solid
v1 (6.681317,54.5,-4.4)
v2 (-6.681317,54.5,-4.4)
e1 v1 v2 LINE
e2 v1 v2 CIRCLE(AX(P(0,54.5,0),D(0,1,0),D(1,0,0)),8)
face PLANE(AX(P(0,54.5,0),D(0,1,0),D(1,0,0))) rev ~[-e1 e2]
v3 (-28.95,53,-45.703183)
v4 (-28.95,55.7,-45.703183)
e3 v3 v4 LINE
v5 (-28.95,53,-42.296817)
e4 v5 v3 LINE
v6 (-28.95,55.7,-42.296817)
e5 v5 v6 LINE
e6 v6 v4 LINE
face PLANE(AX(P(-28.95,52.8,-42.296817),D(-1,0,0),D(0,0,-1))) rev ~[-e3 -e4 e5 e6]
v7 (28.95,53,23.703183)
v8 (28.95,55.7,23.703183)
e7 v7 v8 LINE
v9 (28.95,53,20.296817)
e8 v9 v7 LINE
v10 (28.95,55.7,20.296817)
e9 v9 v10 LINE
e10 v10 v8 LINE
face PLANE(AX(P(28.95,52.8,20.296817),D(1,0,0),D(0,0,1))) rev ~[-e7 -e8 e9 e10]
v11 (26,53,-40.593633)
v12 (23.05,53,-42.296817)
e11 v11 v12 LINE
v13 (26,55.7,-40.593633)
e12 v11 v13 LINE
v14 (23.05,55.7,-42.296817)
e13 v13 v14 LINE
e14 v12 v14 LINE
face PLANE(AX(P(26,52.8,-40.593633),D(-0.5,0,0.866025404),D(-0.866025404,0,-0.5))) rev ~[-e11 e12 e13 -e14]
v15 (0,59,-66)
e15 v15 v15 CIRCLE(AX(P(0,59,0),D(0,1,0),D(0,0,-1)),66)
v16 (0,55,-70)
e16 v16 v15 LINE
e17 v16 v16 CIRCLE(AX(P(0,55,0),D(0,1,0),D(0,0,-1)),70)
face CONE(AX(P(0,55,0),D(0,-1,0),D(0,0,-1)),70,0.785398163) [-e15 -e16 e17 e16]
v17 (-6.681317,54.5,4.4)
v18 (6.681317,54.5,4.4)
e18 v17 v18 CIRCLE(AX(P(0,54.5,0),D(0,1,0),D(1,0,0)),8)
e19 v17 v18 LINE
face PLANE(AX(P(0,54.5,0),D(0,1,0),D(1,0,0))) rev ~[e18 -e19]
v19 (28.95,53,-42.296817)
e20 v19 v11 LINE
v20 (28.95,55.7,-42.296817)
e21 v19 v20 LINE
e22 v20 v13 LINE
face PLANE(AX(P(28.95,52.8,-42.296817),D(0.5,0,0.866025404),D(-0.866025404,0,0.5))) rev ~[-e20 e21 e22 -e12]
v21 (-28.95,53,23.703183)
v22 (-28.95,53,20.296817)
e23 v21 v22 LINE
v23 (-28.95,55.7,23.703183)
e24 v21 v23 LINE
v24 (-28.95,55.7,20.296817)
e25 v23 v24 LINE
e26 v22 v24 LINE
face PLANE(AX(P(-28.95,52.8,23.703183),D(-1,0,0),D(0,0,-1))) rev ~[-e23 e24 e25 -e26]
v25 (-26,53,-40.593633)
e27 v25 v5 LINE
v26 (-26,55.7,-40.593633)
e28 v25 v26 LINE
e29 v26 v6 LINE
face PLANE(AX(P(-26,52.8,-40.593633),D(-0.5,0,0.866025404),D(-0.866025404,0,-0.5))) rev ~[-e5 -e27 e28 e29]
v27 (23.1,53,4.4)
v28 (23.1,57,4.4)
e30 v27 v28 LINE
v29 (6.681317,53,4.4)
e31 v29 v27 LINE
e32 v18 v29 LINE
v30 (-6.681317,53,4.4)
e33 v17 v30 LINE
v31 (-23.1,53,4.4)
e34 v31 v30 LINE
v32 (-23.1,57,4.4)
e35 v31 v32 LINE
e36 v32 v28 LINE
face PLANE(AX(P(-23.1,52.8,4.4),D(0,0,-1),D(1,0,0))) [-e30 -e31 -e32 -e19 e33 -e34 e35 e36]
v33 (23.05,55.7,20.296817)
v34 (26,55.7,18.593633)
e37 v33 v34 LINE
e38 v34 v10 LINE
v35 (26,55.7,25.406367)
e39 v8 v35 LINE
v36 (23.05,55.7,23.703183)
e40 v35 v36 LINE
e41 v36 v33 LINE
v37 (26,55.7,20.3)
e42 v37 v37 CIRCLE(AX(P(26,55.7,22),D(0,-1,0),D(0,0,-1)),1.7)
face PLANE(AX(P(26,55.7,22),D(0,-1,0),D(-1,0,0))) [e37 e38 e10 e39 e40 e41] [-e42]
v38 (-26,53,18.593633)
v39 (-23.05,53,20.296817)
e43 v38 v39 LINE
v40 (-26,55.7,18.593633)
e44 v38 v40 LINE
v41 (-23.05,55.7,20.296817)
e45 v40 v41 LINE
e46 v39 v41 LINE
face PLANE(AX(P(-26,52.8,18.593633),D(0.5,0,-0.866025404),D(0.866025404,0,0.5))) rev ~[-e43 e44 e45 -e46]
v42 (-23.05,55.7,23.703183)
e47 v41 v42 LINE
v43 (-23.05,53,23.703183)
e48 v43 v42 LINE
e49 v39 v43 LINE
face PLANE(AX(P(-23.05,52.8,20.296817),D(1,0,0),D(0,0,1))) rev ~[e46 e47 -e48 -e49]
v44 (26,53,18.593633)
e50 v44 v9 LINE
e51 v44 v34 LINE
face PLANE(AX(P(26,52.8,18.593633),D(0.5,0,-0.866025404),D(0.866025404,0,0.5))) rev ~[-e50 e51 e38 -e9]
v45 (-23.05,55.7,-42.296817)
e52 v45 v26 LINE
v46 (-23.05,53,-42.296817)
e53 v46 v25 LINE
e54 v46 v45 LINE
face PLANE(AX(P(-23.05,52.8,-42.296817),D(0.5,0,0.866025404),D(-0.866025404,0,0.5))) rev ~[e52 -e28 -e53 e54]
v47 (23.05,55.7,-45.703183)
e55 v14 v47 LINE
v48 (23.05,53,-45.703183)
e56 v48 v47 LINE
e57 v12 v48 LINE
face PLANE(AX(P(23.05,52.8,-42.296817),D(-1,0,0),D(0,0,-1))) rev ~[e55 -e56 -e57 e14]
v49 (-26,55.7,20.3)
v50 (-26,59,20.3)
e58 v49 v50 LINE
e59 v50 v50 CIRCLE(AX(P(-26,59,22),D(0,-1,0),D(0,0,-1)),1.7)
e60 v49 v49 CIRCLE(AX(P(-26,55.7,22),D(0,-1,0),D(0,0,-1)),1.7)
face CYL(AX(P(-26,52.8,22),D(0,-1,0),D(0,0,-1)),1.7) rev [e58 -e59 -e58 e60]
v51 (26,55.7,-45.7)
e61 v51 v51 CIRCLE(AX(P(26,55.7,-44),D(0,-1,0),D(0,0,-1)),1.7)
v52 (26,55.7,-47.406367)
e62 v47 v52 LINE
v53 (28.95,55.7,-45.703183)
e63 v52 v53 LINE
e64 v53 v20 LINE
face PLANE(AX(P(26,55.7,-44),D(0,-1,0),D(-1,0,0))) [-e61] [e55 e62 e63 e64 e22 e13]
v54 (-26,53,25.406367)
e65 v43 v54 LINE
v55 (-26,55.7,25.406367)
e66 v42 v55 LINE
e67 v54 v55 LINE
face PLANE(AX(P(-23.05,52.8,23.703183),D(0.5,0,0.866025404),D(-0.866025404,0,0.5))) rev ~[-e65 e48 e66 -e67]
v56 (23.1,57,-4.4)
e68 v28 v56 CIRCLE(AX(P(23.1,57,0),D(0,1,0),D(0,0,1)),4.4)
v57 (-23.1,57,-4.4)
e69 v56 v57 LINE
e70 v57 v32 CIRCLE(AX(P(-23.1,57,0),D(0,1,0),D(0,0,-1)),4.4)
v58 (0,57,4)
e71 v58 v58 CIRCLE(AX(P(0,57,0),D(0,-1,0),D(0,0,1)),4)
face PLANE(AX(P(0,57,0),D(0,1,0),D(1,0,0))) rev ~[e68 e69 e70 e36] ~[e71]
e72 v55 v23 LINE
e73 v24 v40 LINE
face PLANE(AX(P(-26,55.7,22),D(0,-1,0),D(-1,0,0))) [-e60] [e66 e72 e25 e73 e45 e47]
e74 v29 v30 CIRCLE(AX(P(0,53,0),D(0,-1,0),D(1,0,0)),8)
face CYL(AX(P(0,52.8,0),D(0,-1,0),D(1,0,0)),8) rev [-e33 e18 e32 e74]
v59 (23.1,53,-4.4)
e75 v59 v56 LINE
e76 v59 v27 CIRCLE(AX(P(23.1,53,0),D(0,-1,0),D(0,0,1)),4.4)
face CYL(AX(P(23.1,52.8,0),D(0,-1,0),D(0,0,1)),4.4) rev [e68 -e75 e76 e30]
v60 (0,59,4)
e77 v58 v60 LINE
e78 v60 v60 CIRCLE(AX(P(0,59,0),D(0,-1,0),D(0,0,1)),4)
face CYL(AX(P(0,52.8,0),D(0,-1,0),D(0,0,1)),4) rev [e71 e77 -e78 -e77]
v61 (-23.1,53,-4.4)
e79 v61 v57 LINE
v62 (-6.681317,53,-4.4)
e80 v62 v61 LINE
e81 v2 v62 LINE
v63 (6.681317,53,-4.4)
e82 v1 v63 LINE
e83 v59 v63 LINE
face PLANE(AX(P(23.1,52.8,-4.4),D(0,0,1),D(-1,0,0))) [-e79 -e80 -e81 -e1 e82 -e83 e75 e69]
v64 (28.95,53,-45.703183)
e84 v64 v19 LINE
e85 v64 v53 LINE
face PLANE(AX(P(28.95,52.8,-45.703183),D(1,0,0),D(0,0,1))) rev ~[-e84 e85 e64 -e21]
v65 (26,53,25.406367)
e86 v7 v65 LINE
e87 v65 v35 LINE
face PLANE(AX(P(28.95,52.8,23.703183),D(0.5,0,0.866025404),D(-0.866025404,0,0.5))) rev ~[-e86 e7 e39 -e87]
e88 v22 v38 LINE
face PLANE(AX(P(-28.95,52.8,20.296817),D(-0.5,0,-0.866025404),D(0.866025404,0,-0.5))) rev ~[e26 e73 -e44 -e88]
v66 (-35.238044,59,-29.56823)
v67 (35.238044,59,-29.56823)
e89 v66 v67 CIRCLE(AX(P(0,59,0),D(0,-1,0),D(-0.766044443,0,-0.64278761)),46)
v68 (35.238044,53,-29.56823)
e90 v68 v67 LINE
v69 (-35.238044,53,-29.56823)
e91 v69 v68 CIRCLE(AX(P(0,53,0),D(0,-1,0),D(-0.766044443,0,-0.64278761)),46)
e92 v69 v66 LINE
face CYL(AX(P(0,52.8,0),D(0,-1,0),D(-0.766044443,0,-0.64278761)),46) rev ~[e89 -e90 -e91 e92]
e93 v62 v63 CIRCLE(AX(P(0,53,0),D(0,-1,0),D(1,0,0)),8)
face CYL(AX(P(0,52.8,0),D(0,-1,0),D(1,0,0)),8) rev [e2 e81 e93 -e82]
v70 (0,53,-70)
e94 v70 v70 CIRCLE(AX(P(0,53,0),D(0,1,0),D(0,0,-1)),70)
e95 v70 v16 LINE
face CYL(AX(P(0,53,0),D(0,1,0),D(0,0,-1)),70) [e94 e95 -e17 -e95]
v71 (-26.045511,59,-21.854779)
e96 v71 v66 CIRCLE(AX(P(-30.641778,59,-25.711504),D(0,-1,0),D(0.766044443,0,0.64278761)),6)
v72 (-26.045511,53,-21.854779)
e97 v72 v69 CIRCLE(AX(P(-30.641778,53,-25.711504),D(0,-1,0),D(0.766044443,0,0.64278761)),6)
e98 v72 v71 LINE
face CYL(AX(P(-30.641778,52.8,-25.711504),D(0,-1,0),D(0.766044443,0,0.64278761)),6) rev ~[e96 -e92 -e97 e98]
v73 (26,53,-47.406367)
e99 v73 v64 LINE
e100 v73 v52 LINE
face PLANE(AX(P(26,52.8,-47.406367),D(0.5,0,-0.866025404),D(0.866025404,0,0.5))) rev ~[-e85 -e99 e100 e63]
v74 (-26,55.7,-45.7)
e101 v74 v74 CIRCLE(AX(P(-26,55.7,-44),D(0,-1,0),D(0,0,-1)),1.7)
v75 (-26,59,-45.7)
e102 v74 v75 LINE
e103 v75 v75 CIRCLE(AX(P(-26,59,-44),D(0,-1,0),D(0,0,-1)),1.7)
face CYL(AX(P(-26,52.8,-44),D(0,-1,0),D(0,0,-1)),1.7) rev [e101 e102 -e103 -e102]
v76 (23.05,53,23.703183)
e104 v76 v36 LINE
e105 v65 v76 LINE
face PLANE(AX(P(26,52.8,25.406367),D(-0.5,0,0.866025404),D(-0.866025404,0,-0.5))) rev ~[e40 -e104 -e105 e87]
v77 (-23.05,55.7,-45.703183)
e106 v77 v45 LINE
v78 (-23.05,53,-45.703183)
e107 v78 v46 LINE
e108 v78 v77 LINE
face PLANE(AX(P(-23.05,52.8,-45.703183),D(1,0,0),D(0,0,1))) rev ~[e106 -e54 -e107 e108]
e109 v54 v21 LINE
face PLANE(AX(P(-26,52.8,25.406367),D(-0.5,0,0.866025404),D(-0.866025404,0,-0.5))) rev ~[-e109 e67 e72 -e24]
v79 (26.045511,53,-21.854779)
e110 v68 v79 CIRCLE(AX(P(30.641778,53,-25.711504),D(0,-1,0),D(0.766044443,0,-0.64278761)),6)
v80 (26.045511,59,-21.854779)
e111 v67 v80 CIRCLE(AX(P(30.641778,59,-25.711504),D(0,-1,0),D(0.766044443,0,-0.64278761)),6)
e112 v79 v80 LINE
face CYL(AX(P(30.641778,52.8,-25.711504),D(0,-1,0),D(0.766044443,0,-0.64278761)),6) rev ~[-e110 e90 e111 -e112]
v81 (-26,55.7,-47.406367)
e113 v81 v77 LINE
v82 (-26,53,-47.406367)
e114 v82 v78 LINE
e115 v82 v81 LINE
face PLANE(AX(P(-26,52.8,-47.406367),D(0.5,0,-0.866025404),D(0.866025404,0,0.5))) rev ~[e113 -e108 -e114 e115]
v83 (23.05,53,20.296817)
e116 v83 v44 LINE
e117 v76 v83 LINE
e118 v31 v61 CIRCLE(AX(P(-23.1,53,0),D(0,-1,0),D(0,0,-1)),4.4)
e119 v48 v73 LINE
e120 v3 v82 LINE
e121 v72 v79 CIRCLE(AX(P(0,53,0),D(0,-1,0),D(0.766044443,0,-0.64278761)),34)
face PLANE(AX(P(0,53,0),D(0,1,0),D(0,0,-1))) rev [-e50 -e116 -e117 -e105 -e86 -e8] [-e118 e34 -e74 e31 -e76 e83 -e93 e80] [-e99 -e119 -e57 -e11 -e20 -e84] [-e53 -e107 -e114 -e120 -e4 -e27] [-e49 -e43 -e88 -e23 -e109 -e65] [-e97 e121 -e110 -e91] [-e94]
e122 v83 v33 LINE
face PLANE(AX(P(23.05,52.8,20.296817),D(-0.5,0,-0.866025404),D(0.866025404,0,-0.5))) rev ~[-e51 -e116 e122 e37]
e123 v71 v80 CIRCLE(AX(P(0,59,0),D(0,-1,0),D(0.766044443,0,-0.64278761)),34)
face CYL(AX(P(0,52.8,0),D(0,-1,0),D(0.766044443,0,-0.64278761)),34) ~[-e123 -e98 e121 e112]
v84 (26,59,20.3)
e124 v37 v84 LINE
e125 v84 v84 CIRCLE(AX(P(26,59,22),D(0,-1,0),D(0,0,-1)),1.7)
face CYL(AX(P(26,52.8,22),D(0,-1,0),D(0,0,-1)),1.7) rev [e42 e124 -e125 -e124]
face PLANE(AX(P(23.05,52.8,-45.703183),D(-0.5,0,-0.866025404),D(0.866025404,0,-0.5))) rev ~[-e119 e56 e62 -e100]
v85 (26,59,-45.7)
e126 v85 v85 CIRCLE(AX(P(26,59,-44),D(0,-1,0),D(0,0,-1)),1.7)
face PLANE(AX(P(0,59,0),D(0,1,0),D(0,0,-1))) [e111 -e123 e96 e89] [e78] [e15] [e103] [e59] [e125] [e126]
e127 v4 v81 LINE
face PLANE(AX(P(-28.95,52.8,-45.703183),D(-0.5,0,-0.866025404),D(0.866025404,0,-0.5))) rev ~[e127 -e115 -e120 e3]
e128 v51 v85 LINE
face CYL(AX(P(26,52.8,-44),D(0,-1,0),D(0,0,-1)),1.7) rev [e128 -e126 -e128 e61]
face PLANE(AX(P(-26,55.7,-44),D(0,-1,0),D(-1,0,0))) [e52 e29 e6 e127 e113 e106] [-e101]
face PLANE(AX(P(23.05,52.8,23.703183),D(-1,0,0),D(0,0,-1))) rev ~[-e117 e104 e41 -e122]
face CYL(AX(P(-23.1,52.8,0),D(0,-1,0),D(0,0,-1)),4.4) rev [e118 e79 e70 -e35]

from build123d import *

# Parameters (mm, degrees)
HORN_START                = 52.8
HORN_DOG_POCKET_DEPTH     = 4.2
HUB_START                 = 52.8
SKETCH3_R                 = 8
HUB_RELIEF_DEPTH          = 1.7
CENTRE_START              = 52.8
SKETCH4_R                 = 4
CENTRE_CABLE_KIDNEY_DEPTH = 6.4
TOWER_START               = 52.8
SKETCH5_R                 = 1.7
TOWER_BOLT_HOLES_DEPTH    = 6.4
TOWER_NUT_POCKETS_DEPTH   = 2.9


with BuildPart() as part:
    # Sketch1 → Turntable (revolve)
    with BuildSketch(Plane.XY, mode=Mode.PRIVATE) as turntable_sk:
        Polygon((0, 53), (70, 53), (70, 55), (66, 59), (0, 59), align=None)
    revolve(turntable_sk.sketch.rotate(Axis((0, 40, 0), (0, 1, 0)), 90), axis=Axis((0, 40, 0), (0, 1, 0)))

    # Sketch2 → Horn dog pocket (cut)
    with BuildSketch(Plane(origin=(0, 0, 0), x_dir=(1, 0, 0), z_dir=(0, 1, 0)).offset(HORN_START)):
        with BuildLine():
            Line((-23.1, -4.4), (23.1, -4.4))
            ThreePointArc((23.1, -4.4), (27.5, 0), (23.1, 4.4))
            Line((23.1, 4.4), (-23.1, 4.4))
            ThreePointArc((-23.1, 4.4), (-27.5, 0), (-23.1, -4.4))
        make_face()
    extrude(amount=HORN_DOG_POCKET_DEPTH, mode=Mode.SUBTRACT)

    # Sketch3 → Hub relief (cut)
    with BuildSketch(Plane(origin=(0, 0, 0), x_dir=(1, 0, 0), z_dir=(0, 1, 0)).offset(HUB_START)):
        Circle(SKETCH3_R)
    extrude(amount=HUB_RELIEF_DEPTH, mode=Mode.SUBTRACT)

    # Sketch4 → Centre + cable kidney (cut)
    with BuildSketch(Plane(origin=(0, 0, 0), x_dir=(1, 0, 0), z_dir=(0, 1, 0)).offset(CENTRE_START)):
        with Locations(Location((0, 0, 0), (0, 0, 270))):
            Circle(SKETCH4_R)
        with BuildLine():
            ThreePointArc((-35.238044383, 29.568230046), (0, 46), (35.238044383, 29.568230046))
            ThreePointArc((35.238044383, 29.568230046), (34.498503383, 21.115237729), (26.045511066, 21.854778729))
            ThreePointArc((26.045511066, 21.854778729), (0, 34), (-26.045511066, 21.854778729))
            ThreePointArc((-26.045511066, 21.854778729), (-34.498503383, 21.115237729), (-35.238044383, 29.568230046))
        make_face()
    extrude(amount=CENTRE_CABLE_KIDNEY_DEPTH, mode=Mode.SUBTRACT)

    # Sketch5 → Tower bolt holes (cut)
    with BuildSketch(Plane(origin=(0, 0, 0), x_dir=(1, 0, 0), z_dir=(0, 1, 0)).offset(TOWER_START)):
        with Locations(Location((-26, 44, 0), (0, 0, 90))):
            Circle(SKETCH5_R)
        with Locations(Location((-26, -22, 0), (0, 0, 90))):
            Circle(SKETCH5_R)
        with Locations(Location((26, 44, 0), (0, 0, 90))):
            Circle(SKETCH5_R)
        with Locations(Location((26, -22, 0), (0, 0, 90))):
            Circle(SKETCH5_R)
    extrude(amount=TOWER_BOLT_HOLES_DEPTH, mode=Mode.SUBTRACT)

    # Sketch6 → Tower nut pockets (cut)
    with BuildSketch(Plane(origin=(0, 0, 0), x_dir=(1, 0, 0), z_dir=(0, 1, 0)).offset(TOWER_START)):
        Polygon((-23.05, 42.296816706), (-26, 40.593633412), (-28.95, 42.296816706), (-28.95, 45.703183294), (-26, 47.406366588), (-23.05, 45.703183294), align=None)
        Polygon((-23.05, -23.703183294), (-26, -25.406366588), (-28.95, -23.703183294), (-28.95, -20.296816706), (-26, -18.593633412), (-23.05, -20.296816706), align=None)
        Polygon((28.95, 42.296816706), (26, 40.593633412), (23.05, 42.296816706), (23.05, 45.703183294), (26, 47.406366588), (28.95, 45.703183294), align=None)
        Polygon((28.95, -23.703183294), (26, -25.406366588), (23.05, -23.703183294), (23.05, -20.296816706), (26, -18.593633412), (28.95, -20.296816706), align=None)
    extrude(amount=TOWER_NUT_POCKETS_DEPTH, mode=Mode.SUBTRACT)


solid = part.part
